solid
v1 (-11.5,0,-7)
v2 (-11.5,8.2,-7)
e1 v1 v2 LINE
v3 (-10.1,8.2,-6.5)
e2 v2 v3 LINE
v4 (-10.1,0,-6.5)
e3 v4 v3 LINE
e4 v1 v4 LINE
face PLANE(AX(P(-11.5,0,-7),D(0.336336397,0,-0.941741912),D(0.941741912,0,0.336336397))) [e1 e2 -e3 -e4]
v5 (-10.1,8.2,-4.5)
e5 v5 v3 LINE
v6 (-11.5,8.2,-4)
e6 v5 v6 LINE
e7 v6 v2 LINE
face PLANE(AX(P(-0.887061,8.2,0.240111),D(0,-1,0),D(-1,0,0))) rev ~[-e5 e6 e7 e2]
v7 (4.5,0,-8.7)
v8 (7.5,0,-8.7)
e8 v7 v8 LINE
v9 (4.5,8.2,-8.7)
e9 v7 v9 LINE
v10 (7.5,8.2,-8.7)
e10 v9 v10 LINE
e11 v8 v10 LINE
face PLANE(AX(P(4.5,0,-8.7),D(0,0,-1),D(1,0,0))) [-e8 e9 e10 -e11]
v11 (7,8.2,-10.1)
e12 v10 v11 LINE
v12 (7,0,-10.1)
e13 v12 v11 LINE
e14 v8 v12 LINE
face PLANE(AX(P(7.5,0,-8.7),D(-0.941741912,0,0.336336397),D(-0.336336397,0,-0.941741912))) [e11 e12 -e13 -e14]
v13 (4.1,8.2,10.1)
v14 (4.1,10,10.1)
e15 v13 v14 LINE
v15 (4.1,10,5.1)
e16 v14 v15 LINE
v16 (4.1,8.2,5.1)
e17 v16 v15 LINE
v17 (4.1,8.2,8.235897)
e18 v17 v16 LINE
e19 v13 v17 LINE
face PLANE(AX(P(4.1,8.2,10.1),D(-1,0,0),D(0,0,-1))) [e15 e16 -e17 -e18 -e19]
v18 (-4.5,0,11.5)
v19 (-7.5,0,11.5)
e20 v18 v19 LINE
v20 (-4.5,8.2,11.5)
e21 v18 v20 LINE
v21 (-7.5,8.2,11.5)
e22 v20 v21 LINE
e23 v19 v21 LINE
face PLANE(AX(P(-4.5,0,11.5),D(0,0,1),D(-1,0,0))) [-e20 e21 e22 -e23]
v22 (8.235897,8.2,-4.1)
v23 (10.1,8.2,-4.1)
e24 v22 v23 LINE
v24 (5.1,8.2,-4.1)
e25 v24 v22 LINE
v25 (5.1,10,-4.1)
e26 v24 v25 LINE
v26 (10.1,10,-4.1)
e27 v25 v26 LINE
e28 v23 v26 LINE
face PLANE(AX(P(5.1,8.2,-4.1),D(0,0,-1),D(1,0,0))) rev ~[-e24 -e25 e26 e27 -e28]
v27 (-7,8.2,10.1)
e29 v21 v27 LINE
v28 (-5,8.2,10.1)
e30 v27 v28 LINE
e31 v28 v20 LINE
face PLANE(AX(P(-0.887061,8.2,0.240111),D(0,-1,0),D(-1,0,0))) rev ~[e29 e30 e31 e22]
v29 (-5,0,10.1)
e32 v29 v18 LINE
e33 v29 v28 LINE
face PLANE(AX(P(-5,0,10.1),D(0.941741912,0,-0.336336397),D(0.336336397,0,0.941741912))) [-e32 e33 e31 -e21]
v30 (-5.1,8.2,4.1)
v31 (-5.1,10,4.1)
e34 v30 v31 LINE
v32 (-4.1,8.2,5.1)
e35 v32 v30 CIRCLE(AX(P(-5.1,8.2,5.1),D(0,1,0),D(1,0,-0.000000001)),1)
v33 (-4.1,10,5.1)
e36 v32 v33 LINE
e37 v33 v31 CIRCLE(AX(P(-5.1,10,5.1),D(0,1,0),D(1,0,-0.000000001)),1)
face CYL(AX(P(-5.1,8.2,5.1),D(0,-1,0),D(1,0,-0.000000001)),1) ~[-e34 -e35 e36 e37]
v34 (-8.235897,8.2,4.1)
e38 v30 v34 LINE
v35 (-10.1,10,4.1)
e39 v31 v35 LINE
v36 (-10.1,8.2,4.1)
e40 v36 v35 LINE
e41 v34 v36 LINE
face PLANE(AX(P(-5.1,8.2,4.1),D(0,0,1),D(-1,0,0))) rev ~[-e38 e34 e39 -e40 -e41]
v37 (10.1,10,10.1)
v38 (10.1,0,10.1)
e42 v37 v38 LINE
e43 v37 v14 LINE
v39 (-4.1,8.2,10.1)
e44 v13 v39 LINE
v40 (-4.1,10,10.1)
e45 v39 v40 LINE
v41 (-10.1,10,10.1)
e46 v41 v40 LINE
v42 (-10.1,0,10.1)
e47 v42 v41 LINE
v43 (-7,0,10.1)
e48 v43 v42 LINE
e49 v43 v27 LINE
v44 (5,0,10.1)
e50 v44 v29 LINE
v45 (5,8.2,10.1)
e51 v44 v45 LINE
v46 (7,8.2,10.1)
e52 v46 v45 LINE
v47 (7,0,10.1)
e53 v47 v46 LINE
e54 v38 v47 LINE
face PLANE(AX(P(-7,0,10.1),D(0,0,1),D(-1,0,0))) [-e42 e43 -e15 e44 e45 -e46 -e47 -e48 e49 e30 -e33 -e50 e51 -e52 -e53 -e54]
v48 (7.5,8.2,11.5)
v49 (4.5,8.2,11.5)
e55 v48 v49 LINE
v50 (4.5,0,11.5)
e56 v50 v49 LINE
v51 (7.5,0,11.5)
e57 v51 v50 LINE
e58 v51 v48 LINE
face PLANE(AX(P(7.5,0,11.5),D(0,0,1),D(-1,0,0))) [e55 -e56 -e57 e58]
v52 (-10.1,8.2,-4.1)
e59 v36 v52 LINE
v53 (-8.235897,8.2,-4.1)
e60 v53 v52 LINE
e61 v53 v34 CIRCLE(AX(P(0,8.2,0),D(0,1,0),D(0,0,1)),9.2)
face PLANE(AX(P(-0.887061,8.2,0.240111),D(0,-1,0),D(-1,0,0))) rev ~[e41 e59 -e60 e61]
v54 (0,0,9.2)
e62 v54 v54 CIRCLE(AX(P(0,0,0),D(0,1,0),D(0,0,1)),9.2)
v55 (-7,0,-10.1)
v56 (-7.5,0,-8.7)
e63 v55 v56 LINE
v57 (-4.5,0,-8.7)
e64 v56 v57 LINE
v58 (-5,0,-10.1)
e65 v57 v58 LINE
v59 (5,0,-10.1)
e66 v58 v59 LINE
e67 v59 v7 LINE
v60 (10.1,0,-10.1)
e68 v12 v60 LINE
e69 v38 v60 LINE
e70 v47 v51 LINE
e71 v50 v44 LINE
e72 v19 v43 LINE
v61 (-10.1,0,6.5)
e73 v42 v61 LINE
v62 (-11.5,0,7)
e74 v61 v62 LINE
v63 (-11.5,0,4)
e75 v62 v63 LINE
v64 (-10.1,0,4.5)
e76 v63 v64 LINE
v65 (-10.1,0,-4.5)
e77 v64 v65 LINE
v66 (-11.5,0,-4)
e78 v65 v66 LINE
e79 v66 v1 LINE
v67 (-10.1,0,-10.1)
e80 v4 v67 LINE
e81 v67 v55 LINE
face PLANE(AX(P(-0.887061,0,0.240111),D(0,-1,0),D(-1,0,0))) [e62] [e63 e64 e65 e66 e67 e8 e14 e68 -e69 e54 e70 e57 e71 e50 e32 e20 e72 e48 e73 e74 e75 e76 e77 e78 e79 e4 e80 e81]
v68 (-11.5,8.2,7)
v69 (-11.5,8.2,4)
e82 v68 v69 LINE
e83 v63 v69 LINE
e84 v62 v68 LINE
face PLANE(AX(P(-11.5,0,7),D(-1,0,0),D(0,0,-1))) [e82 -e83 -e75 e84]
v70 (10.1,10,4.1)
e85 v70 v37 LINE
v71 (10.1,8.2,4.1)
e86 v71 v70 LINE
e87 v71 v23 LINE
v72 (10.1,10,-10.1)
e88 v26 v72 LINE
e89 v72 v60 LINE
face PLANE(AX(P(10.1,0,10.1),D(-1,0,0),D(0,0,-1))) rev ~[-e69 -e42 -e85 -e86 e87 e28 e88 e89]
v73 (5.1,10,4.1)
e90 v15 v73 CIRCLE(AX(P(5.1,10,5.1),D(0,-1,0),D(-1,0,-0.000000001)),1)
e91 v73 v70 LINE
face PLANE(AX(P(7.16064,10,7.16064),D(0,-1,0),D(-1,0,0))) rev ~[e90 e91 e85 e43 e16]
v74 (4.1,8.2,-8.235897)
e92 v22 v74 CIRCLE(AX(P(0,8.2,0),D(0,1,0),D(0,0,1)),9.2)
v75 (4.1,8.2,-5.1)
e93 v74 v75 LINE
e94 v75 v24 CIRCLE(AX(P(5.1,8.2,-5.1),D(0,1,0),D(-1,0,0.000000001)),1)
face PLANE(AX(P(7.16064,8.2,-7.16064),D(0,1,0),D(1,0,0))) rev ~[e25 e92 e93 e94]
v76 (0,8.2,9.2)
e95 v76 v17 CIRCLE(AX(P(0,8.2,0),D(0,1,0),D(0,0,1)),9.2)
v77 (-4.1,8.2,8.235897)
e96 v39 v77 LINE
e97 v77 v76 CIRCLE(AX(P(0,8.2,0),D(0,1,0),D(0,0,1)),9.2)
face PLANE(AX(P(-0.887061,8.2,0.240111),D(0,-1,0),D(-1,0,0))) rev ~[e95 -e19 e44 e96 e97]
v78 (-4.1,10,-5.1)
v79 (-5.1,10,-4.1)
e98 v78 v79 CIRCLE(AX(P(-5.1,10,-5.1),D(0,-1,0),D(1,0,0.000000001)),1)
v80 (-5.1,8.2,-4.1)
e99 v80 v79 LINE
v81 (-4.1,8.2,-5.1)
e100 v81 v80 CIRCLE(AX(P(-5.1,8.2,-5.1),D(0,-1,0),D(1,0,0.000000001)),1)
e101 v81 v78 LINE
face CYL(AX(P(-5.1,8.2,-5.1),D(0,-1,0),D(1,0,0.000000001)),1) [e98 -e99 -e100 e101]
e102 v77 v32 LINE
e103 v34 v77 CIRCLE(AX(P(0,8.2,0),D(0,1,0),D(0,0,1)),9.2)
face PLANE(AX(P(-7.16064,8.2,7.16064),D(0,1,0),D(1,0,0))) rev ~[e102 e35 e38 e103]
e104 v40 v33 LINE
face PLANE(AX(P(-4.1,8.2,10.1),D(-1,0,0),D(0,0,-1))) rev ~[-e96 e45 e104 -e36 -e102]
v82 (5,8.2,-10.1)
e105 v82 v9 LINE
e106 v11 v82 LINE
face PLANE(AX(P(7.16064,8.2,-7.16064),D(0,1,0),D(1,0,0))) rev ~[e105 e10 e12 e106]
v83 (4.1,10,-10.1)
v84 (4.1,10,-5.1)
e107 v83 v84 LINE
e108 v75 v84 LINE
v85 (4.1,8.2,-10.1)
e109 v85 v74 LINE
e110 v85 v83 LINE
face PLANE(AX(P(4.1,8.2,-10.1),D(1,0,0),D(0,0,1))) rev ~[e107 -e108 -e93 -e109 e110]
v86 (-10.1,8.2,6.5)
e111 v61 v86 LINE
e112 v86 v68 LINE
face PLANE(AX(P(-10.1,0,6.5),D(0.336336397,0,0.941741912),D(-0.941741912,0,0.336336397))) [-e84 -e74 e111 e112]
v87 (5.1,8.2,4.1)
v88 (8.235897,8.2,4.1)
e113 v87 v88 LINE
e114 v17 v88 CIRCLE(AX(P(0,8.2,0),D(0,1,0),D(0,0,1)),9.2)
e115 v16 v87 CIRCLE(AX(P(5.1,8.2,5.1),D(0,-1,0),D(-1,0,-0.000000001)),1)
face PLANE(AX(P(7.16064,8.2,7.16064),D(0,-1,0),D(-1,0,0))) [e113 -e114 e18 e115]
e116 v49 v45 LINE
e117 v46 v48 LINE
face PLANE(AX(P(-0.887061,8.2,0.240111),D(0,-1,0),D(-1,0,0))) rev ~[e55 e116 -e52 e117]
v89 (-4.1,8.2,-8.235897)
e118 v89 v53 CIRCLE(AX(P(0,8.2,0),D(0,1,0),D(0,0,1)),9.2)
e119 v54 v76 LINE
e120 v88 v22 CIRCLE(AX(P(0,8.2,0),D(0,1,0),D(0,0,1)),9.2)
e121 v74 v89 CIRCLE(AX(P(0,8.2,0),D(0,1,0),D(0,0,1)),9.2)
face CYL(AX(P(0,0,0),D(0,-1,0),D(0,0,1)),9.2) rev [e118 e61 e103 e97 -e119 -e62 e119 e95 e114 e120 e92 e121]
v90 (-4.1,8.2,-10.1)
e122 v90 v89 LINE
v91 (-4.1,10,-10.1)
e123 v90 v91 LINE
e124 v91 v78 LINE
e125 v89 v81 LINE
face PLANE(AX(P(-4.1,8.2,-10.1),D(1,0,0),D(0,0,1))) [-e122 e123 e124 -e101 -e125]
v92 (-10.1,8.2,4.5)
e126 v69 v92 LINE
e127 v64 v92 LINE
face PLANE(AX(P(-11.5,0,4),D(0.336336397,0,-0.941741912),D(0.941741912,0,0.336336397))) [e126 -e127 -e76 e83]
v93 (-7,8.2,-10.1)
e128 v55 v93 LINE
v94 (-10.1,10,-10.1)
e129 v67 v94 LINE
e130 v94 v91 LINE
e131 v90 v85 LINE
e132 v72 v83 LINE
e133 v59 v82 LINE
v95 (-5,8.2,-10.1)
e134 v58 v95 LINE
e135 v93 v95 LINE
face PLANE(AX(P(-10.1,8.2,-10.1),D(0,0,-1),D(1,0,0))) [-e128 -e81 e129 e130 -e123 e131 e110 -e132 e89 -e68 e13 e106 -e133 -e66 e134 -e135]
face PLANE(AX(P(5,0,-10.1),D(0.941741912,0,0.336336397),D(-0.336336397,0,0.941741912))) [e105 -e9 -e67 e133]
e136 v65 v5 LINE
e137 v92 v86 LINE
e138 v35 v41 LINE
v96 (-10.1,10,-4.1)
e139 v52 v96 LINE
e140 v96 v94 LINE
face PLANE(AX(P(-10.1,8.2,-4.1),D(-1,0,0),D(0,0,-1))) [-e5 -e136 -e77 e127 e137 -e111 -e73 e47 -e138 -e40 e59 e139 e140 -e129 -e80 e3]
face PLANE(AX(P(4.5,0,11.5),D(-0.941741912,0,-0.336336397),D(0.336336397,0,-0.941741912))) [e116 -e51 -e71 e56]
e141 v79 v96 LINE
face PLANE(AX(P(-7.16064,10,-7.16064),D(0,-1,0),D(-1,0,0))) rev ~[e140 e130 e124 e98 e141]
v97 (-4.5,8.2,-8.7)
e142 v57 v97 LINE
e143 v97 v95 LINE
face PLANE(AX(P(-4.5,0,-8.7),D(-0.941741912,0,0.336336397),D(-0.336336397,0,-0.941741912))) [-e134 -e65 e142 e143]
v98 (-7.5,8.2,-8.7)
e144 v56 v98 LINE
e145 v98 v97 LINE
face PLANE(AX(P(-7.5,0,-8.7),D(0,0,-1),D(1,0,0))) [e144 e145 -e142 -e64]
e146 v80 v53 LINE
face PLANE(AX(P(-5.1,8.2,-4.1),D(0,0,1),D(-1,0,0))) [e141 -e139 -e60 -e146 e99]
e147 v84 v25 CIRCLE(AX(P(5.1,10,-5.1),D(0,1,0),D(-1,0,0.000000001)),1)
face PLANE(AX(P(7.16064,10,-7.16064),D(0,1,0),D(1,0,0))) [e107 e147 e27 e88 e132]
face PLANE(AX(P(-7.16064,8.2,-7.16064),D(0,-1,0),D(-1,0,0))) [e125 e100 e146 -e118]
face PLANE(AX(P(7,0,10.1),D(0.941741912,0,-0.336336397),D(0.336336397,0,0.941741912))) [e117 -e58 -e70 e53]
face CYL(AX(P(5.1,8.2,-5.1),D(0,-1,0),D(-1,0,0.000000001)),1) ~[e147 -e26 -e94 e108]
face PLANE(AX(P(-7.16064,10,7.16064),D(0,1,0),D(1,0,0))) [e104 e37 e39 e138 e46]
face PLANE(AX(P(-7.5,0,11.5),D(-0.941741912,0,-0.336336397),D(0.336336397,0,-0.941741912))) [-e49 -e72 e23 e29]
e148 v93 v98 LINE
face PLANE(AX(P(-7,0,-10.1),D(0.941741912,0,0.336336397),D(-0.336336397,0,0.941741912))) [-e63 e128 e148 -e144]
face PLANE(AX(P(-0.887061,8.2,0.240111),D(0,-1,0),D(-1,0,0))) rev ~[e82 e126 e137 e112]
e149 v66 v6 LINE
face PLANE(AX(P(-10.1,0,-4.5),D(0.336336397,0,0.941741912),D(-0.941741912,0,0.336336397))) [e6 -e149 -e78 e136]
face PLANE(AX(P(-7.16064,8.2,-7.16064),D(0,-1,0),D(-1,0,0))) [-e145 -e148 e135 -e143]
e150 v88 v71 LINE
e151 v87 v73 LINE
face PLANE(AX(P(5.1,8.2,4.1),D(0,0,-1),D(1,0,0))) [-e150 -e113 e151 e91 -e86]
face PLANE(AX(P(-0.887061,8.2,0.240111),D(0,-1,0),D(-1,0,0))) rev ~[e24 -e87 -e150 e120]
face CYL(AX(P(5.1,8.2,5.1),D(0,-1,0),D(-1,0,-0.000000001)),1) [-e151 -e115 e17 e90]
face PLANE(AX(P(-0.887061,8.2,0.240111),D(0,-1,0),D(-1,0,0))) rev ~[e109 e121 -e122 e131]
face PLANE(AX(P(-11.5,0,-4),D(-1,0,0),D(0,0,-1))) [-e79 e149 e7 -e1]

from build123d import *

# Parameters (mm, degrees)
SKETCH1_R           = 9.2
BOSS_EXTRUDE1_DEPTH = 8.2
BOSS_EXTRUDE2_DEPTH = 1.8


with BuildPart() as part:
    # Sketch1 → Boss-Extrude1 (new body)
    with BuildSketch(Plane(origin=(0, 0, 0), x_dir=(1, 0, 0), z_dir=(0, 1, 0))):
        Polygon((-10.1, 10.1), (-7, 10.1), (-7.5, 8.7), (-4.5, 8.7), (-5, 10.1), (5, 10.1), (4.5, 8.7), (7.5, 8.7), (7, 10.1), (10.1, 10.1), (10.1, 6.5), (10.1, 4.5), (10.1, -4.5), (10.1, -6.5), (10.1, -10.1), (7, -10.1), (7.5, -11.5), (4.5, -11.5), (5, -10.1), (-5, -10.1), (-4.5, -11.5), (-7.5, -11.5), (-7, -10.1), (-10.1, -10.1), (-10.1, -6.5), (-11.5, -7), (-11.5, -4), (-10.1, -4.5), (-10.1, 4.5), (-11.5, 4), (-11.5, 7), (-10.1, 6.5), align=None)
        with Locations(Location((0, 0, 0), (0, 0, 270))):
            Circle(SKETCH1_R, mode=Mode.SUBTRACT)
    extrude(amount=BOSS_EXTRUDE1_DEPTH)

    # Sketch2 → Boss-Extrude2 (add)
    with BuildSketch(Plane(origin=(0, 8.2, 0), x_dir=(1, 0, 0), z_dir=(0, 1, 0))):
        with BuildLine():
            Line((-4.1, 10.1), (-4.1, 5.1))
            ThreePointArc((-4.1, 5.1), (-4.392893219, 4.392893219), (-5.1, 4.1))
            Line((-5.1, 4.1), (-10.1, 4.1))
            Line((-10.1, 4.1), (-10.1, 10.1))
            Line((-10.1, 10.1), (-4.1, 10.1))
        make_face()
        with BuildLine():
            Line((10.1, 4.1), (10.1, 10.1))
            Line((10.1, 10.1), (4.1, 10.1))
            Line((4.1, 10.1), (4.1, 5.1))
            ThreePointArc((4.1, 5.1), (4.392893219, 4.392893219), (5.1, 4.1))
            Line((5.1, 4.1), (10.1, 4.1))
        make_face()
        with BuildLine():
            Line((4.1, -10.1), (4.1, -5.1))
            ThreePointArc((4.1, -5.1), (4.392893219, -4.392893219), (5.1, -4.1))
            Line((5.1, -4.1), (10.1, -4.1))
            Line((10.1, -4.1), (10.1, -10.1))
            Line((10.1, -10.1), (4.1, -10.1))
        make_face()
        with BuildLine():
            Line((-10.1, -4.1), (-10.1, -10.1))
            Line((-10.1, -10.1), (-4.1, -10.1))
            Line((-4.1, -10.1), (-4.1, -5.1))
            ThreePointArc((-4.1, -5.1), (-4.392893219, -4.392893219), (-5.1, -4.1))
            Line((-5.1, -4.1), (-10.1, -4.1))
        make_face()
    extrude(amount=BOSS_EXTRUDE2_DEPTH)


solid = part.part
